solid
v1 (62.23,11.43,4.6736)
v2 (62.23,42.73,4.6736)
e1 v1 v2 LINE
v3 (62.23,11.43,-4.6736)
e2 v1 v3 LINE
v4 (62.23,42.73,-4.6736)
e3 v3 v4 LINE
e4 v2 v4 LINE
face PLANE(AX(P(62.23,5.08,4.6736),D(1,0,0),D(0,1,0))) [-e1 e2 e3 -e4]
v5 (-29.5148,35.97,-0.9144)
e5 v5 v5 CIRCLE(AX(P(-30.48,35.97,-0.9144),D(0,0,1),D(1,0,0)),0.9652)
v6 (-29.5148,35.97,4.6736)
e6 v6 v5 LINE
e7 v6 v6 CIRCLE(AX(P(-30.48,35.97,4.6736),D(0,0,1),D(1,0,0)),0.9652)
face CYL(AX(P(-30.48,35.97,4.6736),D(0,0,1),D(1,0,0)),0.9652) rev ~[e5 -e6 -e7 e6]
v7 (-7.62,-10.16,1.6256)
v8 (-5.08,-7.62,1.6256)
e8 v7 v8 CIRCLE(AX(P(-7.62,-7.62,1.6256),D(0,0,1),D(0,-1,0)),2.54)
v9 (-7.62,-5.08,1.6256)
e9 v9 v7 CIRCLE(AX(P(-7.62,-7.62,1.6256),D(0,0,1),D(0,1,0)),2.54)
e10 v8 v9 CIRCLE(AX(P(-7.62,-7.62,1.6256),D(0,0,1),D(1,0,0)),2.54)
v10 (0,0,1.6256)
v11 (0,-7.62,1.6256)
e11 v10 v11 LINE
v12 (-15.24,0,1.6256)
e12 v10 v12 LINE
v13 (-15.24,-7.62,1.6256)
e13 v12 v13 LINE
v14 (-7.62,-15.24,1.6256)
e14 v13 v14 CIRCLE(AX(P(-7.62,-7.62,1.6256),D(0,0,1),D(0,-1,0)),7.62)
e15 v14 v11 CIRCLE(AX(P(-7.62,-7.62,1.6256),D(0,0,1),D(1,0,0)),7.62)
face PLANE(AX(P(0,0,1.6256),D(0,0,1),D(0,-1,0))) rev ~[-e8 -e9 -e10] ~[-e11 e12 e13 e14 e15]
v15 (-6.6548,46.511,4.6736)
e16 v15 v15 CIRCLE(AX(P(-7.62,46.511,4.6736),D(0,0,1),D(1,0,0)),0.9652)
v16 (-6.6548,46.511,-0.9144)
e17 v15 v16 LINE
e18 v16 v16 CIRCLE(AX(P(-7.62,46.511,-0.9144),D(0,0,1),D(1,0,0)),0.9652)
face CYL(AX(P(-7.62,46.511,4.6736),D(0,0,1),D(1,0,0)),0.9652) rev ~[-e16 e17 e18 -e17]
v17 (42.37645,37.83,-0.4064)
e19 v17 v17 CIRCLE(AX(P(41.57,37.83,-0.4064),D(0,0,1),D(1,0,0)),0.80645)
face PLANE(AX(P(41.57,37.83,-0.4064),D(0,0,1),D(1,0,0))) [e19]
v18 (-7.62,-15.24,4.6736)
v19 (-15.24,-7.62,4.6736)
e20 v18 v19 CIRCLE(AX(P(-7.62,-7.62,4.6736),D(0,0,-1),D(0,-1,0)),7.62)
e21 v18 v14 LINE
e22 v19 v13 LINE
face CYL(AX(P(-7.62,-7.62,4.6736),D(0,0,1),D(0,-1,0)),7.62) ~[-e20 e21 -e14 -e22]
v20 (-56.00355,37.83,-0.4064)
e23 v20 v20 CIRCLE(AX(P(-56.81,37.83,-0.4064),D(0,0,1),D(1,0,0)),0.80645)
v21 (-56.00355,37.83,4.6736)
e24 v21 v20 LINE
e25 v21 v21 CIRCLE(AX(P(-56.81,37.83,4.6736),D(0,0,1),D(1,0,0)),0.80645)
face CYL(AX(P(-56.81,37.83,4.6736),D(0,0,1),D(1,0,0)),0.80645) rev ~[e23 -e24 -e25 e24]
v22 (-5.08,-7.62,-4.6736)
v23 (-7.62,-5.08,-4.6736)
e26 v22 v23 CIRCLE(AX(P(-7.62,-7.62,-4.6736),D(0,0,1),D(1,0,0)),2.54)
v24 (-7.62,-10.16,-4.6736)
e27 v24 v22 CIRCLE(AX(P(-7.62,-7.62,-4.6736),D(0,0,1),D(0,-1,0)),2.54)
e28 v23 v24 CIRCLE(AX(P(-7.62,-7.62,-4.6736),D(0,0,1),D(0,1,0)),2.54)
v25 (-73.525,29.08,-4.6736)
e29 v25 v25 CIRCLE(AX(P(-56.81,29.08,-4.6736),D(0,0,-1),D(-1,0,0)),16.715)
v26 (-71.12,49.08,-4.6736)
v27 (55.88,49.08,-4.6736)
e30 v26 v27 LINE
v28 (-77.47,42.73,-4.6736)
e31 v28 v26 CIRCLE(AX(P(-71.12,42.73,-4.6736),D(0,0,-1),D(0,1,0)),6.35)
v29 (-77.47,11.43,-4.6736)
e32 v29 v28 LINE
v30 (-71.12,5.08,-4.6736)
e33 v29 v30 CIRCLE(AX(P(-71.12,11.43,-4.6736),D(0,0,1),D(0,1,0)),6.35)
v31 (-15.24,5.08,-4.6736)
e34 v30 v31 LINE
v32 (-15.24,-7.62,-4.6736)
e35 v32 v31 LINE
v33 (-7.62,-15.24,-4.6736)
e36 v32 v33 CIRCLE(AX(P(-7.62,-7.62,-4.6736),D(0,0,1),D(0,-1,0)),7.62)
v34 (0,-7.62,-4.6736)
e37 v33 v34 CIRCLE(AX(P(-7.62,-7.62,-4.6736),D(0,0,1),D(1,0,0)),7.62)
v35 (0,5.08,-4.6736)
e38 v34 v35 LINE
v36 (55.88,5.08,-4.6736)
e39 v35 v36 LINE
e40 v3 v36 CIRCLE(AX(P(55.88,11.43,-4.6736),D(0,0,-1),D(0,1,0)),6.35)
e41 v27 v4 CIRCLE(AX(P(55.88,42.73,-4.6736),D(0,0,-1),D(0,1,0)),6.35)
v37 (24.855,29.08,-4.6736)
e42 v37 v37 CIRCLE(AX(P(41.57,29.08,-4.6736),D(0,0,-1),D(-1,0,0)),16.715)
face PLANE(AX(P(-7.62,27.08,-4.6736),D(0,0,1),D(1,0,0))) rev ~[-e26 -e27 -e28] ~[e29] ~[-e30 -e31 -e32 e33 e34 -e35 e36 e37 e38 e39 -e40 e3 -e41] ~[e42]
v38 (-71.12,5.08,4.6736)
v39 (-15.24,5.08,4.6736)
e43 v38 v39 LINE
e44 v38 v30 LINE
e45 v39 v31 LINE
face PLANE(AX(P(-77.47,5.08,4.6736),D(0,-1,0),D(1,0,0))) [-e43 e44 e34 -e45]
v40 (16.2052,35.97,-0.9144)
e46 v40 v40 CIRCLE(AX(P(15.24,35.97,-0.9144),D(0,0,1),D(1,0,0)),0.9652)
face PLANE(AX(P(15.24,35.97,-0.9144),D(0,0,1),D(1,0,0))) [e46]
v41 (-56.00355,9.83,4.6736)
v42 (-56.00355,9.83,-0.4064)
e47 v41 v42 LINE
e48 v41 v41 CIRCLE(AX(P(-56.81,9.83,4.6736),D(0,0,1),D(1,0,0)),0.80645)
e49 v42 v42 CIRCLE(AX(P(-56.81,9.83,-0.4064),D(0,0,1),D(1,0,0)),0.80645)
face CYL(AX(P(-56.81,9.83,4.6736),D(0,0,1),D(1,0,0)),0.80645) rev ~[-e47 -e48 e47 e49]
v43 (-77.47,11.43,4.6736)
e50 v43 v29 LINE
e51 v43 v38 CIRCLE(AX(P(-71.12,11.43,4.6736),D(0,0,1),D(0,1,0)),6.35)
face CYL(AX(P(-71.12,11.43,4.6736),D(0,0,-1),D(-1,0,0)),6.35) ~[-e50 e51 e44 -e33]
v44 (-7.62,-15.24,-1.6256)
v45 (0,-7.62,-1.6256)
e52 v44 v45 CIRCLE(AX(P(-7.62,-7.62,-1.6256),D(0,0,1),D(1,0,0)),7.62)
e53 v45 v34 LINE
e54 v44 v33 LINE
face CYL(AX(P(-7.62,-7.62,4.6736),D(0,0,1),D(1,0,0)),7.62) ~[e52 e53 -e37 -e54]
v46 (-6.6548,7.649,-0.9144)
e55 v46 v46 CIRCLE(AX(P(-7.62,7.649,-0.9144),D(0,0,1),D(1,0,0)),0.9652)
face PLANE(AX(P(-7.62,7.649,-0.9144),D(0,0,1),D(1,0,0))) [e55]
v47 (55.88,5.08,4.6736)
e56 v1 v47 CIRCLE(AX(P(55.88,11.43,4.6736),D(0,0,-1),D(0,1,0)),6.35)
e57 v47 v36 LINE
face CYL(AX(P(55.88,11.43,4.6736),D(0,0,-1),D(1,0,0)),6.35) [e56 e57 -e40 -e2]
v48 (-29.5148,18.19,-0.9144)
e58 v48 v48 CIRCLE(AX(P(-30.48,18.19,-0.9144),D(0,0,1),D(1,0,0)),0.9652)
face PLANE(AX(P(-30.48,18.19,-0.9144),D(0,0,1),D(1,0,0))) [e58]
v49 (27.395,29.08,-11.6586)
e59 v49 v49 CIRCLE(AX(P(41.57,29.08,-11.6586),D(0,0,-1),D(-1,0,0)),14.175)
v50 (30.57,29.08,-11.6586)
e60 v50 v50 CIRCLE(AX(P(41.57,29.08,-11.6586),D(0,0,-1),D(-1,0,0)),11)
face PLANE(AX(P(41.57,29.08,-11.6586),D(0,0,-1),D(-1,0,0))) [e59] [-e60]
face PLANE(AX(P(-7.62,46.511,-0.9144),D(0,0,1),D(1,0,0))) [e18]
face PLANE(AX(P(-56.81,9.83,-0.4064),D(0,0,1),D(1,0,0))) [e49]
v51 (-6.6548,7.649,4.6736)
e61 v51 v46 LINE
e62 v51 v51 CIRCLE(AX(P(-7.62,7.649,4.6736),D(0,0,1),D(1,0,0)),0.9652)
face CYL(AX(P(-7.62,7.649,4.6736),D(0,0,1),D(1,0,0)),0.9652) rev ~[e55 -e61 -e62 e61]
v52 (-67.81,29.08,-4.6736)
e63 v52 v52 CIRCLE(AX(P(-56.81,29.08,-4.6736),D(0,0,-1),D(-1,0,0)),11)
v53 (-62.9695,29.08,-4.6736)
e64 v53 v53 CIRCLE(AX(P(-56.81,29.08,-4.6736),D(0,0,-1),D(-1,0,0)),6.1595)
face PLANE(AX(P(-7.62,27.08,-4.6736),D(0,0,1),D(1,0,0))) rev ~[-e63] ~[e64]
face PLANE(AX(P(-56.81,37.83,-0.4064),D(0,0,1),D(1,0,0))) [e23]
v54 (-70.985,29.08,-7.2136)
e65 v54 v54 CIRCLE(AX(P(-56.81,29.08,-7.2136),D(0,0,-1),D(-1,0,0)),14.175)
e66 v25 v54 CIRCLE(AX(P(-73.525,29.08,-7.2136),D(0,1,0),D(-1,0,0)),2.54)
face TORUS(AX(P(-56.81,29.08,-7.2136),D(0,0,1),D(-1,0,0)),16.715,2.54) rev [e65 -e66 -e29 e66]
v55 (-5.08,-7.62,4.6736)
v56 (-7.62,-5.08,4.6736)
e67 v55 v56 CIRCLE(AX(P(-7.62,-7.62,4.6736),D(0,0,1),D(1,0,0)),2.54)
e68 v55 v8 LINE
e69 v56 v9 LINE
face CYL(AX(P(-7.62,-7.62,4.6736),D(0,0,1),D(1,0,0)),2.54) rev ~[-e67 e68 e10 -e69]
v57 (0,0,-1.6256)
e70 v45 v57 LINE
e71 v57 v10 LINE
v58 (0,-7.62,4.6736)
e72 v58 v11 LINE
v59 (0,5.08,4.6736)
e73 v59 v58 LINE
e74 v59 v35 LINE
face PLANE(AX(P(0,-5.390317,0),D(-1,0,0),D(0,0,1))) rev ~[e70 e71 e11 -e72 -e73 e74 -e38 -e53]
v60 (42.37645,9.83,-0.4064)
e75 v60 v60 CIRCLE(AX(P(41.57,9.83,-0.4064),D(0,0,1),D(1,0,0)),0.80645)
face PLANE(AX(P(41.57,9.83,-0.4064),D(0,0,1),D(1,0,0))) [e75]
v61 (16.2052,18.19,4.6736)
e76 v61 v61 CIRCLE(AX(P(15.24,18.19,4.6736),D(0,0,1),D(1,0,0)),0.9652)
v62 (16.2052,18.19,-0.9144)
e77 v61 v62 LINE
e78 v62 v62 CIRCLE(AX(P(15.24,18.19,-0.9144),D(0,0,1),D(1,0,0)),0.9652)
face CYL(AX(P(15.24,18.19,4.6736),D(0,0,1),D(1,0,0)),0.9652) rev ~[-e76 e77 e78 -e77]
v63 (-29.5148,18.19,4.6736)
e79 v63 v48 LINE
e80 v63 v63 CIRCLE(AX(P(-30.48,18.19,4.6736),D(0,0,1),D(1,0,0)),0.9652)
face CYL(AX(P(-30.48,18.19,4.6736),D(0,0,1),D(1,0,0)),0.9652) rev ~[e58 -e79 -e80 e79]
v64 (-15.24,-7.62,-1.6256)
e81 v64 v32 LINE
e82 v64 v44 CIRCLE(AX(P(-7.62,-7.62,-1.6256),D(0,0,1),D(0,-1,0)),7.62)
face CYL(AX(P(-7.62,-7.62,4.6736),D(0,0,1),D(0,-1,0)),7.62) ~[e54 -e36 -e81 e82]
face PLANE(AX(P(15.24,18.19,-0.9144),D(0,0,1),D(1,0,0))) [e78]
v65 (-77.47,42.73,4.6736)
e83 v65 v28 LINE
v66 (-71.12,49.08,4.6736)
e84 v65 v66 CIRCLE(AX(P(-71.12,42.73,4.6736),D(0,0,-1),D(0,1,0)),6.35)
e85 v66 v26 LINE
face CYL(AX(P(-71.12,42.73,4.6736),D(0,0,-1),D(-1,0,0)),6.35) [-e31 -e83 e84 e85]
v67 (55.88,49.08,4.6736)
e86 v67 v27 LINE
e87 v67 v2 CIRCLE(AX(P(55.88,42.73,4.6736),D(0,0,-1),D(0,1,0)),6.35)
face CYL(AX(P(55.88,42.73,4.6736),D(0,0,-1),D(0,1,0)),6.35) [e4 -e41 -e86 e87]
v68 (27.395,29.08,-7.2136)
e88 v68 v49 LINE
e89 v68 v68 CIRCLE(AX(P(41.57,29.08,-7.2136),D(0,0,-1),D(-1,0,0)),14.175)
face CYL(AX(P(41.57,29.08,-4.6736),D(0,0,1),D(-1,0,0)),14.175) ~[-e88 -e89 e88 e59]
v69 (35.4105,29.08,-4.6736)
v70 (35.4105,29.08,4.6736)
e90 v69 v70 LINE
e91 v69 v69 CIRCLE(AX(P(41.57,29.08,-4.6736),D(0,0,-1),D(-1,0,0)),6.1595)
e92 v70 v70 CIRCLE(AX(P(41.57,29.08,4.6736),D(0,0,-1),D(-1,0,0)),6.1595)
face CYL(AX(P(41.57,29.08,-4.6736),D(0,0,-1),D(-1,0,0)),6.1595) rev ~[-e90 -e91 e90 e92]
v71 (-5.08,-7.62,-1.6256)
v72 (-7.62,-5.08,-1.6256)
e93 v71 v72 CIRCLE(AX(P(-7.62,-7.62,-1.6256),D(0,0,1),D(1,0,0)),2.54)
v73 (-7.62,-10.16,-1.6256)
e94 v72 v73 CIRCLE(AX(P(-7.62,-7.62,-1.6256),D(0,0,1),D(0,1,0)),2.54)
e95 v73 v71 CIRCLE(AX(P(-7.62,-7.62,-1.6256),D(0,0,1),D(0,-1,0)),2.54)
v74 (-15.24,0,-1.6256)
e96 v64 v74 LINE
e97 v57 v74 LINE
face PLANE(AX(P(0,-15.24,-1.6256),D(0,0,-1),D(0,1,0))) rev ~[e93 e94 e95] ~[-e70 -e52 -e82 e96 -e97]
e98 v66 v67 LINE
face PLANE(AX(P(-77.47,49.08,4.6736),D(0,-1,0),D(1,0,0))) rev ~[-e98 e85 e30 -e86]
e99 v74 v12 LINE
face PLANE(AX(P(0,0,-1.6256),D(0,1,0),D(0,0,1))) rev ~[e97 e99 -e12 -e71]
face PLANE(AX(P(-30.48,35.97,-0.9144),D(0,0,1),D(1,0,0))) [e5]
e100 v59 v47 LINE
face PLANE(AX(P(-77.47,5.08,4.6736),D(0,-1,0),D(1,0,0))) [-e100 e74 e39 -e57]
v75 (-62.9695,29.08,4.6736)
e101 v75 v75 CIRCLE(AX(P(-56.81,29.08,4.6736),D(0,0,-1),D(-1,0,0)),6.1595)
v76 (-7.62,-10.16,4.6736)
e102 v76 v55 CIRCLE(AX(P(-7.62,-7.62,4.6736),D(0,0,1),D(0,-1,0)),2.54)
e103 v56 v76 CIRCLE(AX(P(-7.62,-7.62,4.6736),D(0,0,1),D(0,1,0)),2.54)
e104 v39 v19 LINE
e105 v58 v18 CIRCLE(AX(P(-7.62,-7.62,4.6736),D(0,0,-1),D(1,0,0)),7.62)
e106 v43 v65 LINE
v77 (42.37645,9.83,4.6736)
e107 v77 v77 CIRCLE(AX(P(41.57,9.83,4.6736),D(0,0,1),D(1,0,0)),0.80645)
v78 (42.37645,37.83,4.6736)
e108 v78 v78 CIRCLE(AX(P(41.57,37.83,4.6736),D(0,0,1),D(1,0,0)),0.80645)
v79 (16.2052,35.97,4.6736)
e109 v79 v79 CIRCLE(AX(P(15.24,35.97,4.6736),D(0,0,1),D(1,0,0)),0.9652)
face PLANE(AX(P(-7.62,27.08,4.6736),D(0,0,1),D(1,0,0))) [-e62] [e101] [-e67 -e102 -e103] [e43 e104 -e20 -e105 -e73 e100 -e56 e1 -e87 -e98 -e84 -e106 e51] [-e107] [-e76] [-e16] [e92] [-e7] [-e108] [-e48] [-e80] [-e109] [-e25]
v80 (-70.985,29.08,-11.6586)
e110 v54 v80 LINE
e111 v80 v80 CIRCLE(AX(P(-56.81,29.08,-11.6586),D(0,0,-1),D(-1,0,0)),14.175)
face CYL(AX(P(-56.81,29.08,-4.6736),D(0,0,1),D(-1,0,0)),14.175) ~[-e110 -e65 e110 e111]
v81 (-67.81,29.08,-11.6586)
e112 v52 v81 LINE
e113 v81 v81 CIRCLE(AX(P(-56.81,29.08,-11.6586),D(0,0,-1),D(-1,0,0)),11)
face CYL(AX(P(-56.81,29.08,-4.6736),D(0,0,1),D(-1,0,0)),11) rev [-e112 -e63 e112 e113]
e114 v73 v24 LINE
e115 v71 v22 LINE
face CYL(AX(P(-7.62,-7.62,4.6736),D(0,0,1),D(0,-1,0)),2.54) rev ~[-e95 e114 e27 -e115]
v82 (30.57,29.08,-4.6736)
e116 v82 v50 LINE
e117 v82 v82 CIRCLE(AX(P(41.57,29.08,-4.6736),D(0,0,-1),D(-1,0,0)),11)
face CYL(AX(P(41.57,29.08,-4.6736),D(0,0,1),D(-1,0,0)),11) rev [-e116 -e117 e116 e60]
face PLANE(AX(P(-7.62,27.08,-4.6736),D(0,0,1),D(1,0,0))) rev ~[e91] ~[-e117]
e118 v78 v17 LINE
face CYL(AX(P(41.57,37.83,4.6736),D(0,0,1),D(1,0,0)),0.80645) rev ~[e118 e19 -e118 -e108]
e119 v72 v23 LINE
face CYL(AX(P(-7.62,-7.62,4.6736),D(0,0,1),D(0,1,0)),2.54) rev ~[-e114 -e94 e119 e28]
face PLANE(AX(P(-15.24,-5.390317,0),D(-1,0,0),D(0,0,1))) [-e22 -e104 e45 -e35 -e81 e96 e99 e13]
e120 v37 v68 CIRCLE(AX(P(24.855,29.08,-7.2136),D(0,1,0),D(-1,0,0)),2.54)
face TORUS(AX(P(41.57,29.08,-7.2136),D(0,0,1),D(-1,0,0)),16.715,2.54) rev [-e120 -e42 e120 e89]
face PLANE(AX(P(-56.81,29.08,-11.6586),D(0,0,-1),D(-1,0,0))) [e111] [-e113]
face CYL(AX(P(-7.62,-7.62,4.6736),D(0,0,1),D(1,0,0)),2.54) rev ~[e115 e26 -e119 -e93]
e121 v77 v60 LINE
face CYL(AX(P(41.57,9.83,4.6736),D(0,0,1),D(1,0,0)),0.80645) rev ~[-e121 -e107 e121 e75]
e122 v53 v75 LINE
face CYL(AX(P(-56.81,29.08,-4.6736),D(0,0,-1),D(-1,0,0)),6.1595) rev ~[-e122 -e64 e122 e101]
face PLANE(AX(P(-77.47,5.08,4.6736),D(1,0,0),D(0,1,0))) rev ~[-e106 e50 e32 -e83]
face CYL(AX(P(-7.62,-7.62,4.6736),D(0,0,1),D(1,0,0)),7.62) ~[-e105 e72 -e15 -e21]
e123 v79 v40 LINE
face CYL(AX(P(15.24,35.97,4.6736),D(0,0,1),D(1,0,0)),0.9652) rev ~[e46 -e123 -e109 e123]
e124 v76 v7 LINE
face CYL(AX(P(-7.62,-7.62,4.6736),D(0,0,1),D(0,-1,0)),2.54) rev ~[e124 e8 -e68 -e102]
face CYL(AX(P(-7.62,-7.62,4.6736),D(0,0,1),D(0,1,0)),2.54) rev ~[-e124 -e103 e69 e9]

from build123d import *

# Parameters (mm, degrees)
BOSS_EXTRUDE1_DEPTH = 15.24
CUT_EXTRUDE1_DEPTH  = 24.492240162
SKETCH3_W           = 139.7
SKETCH3_H           = 44
BOSS_EXTRUDE2_DEPTH = 9.3472
FILLET1_R           = 6.35
SKETCH7_R           = 6.1595
CUT_EXTRUDE2_DEPTH  = 93.183607262
SKETCH6_R           = 0.9652
CUT_EXTRUDE3_DEPTH  = 5.588
SKETCH8_R           = 0.80645
CUT_EXTRUDE4_DEPTH  = 5.08
SKETCH9_R           = 14.175
SKETCH9_R_2         = 11
BOSS_EXTRUDE5_DEPTH = 6.985
FILLET2_R           = 2.54


with BuildPart() as part:
    # Sketch1 → Boss-Extrude1 (new body)
    with BuildSketch(Plane(origin=(0, 0, 0), x_dir=(0, 0, -1), z_dir=(1, 0, 0))):
        Polygon((-4.6736, 0), (-4.6736, 5.08), (4.6736, 5.08), (4.6736, 0), (4.6736, -15.24), (1.6256, -15.24), (1.6256, 0), (-1.6256, 0), (-1.6256, -15.24), (-4.6736, -15.24), align=None)
    extrude(amount=-BOSS_EXTRUDE1_DEPTH)

    # Sketch2 → Cut-Extrude1 (cut, through all)
    with BuildSketch(Plane.XY.offset(4.6736)):
        with BuildLine():
            ThreePointArc((-5.08, -7.62), (-5.823948776, -5.823948776), (-7.62, -5.08))
            Line((-7.62, -5.08), (-7.62, -10.16))
            ThreePointArc((-7.62, -10.16), (-5.823948776, -9.416051224), (-5.08, -7.62))
        make_face()
        with BuildLine():
            Line((-7.62, -10.16), (-7.62, -5.08))
            ThreePointArc((-7.62, -5.08), (-10.16, -7.62), (-7.62, -10.16))
        make_face()
        with BuildLine():
            ThreePointArc((-7.62, -15.24), (-13.008153673, -13.008153673), (-15.24, -7.62))
            Line((-15.24, -7.62), (-15.24, -15.24))
            Line((-15.24, -15.24), (-7.62, -15.24))
        make_face()
        with BuildLine():
            Line((0, -15.24), (0, -7.62))
            ThreePointArc((0, -7.62), (-2.231846327, -13.008153673), (-7.62, -15.24))
            Line((-7.62, -15.24), (0, -15.24))
        make_face()
    extrude(amount=-CUT_EXTRUDE1_DEPTH, mode=Mode.SUBTRACT)

    # Sketch3 → Boss-Extrude2 (add)
    with BuildSketch(Plane.XY.offset(4.6736)):
        with Locations((-7.62, 27.08)):
            Rectangle(SKETCH3_W, SKETCH3_H)
    extrude(amount=-BOSS_EXTRUDE2_DEPTH)

    # Fillet1
    fillet1_edges = [part.edges().sort_by_distance(p)[0] for p in [
        (62.23, 5.08, 0),
        (62.23, 49.08, 0),
        (-77.47, 49.08, 0),
        (-77.47, 5.08, 0),
    ]]
    fillet(fillet1_edges, radius=FILLET1_R)

    # Sketch7 → Cut-Extrude2 (cut, through all)
    with BuildSketch(Plane(origin=(0, 0, -4.6736), x_dir=(-1, 0, 0), z_dir=(0, 0, -1))):
        with Locations((-41.57, 29.08)):
            Circle(SKETCH7_R)
        with Locations((56.81, 29.08)):
            Circle(SKETCH7_R)
    extrude(amount=-CUT_EXTRUDE2_DEPTH, mode=Mode.SUBTRACT)

    # Sketch6 → Cut-Extrude3 (cut)
    with BuildSketch(Plane.XY.offset(4.6736)):
        with Locations((-30.48, 35.97)):
            Circle(SKETCH6_R)
        with Locations((-30.48, 18.19)):
            Circle(SKETCH6_R)
        with Locations((15.24, 35.97)):
            Circle(SKETCH6_R)
        with Locations((15.24, 18.19)):
            Circle(SKETCH6_R)
        with Locations((-7.62, 46.511)):
            Circle(SKETCH6_R)
        with Locations((-7.62, 7.649)):
            Circle(SKETCH6_R)
    extrude(amount=-CUT_EXTRUDE3_DEPTH, mode=Mode.SUBTRACT)

    # Sketch8 → Cut-Extrude4 (cut)
    with BuildSketch(Plane.XY.offset(4.6736)):
        with Locations((-56.81, 9.83)):
            Circle(SKETCH8_R)
        with Locations((-56.81, 37.83)):
            Circle(SKETCH8_R)
        with Locations((41.57, 9.83)):
            Circle(SKETCH8_R)
        with Locations((41.57, 37.83)):
            Circle(SKETCH8_R)
    extrude(amount=-CUT_EXTRUDE4_DEPTH, mode=Mode.SUBTRACT)

    # Sketch9 → Boss-Extrude5 (add)
    with BuildSketch(Plane(origin=(0, 0, -4.6736), x_dir=(-1, 0, 0), z_dir=(0, 0, -1))):
        with Locations((-41.57, 29.08)):
            Circle(SKETCH9_R)
        with Locations((-41.57, 29.08)):
            Circle(SKETCH9_R_2, mode=Mode.SUBTRACT)
        with Locations((56.81, 29.08)):
            Circle(SKETCH9_R)
        with Locations((56.81, 29.08)):
            Circle(SKETCH9_R_2, mode=Mode.SUBTRACT)
    extrude(amount=BOSS_EXTRUDE5_DEPTH)

    # Fillet2
    fillet2_edges = [part.edges().sort_by_distance(p)[0] for p in [
        (55.745, 29.08, -4.6736),
        (-42.635, 29.08, -4.6736),
    ]]
    fillet(fillet2_edges, radius=FILLET2_R)


solid = part.part
